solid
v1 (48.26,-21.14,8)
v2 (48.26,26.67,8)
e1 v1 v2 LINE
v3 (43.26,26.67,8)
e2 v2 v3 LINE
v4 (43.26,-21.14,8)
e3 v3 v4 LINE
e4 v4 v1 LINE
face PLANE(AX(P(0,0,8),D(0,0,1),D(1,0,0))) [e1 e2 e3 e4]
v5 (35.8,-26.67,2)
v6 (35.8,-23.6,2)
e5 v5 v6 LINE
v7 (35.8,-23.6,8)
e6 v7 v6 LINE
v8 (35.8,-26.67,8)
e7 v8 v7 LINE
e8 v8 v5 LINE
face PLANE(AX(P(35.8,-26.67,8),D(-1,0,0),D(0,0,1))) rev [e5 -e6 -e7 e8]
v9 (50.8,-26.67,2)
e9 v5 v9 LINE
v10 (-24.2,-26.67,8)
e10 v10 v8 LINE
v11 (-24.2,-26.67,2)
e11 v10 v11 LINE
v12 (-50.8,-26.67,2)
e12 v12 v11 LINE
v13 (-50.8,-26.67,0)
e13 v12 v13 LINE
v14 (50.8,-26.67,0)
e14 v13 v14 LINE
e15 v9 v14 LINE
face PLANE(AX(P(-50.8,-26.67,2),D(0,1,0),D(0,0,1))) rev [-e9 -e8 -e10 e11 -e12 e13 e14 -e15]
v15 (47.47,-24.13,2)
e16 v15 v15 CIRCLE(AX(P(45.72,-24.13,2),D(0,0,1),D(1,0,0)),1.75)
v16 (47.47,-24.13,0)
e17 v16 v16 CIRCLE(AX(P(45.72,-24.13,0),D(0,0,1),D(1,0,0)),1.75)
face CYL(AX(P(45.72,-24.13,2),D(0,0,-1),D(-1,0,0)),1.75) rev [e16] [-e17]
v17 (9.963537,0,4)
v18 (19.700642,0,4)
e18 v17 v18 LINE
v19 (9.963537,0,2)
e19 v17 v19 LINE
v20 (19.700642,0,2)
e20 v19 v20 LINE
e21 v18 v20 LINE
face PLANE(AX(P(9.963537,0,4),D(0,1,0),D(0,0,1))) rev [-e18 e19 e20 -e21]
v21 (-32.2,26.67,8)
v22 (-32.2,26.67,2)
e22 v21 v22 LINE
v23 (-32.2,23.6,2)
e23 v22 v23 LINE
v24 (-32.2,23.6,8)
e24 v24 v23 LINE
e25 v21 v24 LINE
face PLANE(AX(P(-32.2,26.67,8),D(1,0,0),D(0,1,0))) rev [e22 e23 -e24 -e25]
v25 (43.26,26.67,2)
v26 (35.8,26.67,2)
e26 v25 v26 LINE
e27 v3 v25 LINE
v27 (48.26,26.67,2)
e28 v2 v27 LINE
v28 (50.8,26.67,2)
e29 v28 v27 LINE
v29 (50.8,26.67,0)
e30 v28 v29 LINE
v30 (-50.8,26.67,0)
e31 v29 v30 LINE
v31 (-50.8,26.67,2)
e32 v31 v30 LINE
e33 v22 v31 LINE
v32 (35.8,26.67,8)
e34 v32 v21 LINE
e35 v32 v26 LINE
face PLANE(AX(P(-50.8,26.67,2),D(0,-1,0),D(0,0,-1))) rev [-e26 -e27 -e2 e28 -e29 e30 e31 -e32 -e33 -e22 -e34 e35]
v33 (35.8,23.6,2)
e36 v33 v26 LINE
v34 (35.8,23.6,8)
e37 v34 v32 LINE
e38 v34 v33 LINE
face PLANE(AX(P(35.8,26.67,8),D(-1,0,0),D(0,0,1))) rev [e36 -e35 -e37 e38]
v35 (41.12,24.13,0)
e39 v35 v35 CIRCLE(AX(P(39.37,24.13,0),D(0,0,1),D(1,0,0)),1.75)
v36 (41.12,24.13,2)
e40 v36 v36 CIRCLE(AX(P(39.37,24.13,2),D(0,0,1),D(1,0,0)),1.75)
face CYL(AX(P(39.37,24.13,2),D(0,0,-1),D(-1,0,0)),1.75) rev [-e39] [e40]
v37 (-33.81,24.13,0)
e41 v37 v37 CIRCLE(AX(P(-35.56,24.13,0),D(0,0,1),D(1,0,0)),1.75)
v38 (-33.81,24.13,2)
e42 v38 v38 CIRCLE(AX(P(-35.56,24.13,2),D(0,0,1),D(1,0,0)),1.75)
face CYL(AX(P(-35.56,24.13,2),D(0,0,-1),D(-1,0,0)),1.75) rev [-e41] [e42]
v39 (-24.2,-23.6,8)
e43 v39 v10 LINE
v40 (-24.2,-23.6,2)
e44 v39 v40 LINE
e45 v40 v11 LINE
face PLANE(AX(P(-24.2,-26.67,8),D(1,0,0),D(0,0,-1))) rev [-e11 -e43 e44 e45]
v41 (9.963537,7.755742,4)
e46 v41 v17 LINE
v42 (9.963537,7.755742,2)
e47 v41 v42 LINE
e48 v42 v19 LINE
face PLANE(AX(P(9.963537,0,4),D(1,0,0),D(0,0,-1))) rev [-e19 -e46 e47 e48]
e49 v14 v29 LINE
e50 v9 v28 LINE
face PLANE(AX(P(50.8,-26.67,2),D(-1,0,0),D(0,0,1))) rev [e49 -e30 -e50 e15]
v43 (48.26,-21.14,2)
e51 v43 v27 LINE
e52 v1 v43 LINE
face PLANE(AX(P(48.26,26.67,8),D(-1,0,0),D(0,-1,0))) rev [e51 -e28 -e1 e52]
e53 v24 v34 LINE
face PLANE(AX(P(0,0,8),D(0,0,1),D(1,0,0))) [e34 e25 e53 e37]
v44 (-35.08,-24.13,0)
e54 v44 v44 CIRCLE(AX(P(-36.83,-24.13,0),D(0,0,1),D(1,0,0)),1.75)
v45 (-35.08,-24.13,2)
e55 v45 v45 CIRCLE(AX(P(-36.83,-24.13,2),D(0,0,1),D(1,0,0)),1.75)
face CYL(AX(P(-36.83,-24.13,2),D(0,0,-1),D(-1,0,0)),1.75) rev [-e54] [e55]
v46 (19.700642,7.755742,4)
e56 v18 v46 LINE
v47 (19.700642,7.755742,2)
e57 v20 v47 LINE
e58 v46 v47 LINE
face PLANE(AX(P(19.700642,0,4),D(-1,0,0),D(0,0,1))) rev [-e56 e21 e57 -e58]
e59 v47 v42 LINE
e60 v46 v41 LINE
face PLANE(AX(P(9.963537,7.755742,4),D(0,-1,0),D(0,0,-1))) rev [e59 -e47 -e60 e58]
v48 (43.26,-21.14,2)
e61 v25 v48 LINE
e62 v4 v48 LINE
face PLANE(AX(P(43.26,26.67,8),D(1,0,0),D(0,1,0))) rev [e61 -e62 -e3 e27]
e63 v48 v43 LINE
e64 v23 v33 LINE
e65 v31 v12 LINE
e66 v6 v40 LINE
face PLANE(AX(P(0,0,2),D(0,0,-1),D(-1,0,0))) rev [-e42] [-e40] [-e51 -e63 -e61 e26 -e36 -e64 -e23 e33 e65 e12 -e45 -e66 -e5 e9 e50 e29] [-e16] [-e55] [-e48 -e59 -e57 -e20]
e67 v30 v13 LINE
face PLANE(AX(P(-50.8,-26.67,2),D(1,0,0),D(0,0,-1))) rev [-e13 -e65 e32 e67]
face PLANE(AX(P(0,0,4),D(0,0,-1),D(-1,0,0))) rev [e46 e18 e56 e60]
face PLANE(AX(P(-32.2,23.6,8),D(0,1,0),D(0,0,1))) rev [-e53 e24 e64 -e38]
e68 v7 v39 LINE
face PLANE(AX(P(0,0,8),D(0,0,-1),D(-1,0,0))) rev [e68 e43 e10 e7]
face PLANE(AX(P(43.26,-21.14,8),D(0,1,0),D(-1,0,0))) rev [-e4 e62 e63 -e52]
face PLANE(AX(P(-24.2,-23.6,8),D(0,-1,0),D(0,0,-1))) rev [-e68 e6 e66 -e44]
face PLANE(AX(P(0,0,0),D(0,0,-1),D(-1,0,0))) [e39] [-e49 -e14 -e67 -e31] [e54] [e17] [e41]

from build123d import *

# Parameters (mm, degrees)
SKETCH_1_W      = 101.6
SKETCH_1_H      = 53.34
SKETCH_1_R      = 1.75
EXTRUDE_1_DEPTH = 2
SKETCH_2_W      = 68
SKETCH_2_H      = 3.07
SKETCH_2_W_2    = 60
SKETCH_2_W_3    = 5
SKETCH_2_H_2    = 47.81
EXTRUDE_2_DEPTH = 6
SKETCH_3_W      = 9.737104959
SKETCH_3_H      = 7.755742322
EXTRUDE_3_DEPTH = 2


with BuildPart() as part:
    # 草图1 → 凸台-拉伸1 (new body)
    with BuildSketch(Plane.XY):
        Rectangle(SKETCH_1_W, SKETCH_1_H)
        with Locations((-35.56, 24.13)):
            Circle(SKETCH_1_R, mode=Mode.SUBTRACT)
        with Locations((-36.83, -24.13)):
            Circle(SKETCH_1_R, mode=Mode.SUBTRACT)
        with Locations((45.72, -24.13)):
            Circle(SKETCH_1_R, mode=Mode.SUBTRACT)
        with Locations((39.37, 24.13)):
            Circle(SKETCH_1_R, mode=Mode.SUBTRACT)
    extrude(amount=EXTRUDE_1_DEPTH)

    # 草图2 → 凸台-拉伸2 (add)
    with BuildSketch(Plane.XY.offset(2)):
        with Locations((1.8, 25.135)):
            Rectangle(SKETCH_2_W, SKETCH_2_H)
        with Locations((5.8, -25.135)):
            Rectangle(SKETCH_2_W_2, SKETCH_2_H)
        with Locations((45.76, 2.765)):
            Rectangle(SKETCH_2_W_3, SKETCH_2_H_2)
    extrude(amount=EXTRUDE_2_DEPTH)

    # 草图3 → 凸台-拉伸3 (add)
    with BuildSketch(Plane.XY.offset(2)):
        with Locations((14.832089241, 3.877871161)):
            Rectangle(SKETCH_3_W, SKETCH_3_H)
    extrude(amount=EXTRUDE_3_DEPTH)


solid = part.part
